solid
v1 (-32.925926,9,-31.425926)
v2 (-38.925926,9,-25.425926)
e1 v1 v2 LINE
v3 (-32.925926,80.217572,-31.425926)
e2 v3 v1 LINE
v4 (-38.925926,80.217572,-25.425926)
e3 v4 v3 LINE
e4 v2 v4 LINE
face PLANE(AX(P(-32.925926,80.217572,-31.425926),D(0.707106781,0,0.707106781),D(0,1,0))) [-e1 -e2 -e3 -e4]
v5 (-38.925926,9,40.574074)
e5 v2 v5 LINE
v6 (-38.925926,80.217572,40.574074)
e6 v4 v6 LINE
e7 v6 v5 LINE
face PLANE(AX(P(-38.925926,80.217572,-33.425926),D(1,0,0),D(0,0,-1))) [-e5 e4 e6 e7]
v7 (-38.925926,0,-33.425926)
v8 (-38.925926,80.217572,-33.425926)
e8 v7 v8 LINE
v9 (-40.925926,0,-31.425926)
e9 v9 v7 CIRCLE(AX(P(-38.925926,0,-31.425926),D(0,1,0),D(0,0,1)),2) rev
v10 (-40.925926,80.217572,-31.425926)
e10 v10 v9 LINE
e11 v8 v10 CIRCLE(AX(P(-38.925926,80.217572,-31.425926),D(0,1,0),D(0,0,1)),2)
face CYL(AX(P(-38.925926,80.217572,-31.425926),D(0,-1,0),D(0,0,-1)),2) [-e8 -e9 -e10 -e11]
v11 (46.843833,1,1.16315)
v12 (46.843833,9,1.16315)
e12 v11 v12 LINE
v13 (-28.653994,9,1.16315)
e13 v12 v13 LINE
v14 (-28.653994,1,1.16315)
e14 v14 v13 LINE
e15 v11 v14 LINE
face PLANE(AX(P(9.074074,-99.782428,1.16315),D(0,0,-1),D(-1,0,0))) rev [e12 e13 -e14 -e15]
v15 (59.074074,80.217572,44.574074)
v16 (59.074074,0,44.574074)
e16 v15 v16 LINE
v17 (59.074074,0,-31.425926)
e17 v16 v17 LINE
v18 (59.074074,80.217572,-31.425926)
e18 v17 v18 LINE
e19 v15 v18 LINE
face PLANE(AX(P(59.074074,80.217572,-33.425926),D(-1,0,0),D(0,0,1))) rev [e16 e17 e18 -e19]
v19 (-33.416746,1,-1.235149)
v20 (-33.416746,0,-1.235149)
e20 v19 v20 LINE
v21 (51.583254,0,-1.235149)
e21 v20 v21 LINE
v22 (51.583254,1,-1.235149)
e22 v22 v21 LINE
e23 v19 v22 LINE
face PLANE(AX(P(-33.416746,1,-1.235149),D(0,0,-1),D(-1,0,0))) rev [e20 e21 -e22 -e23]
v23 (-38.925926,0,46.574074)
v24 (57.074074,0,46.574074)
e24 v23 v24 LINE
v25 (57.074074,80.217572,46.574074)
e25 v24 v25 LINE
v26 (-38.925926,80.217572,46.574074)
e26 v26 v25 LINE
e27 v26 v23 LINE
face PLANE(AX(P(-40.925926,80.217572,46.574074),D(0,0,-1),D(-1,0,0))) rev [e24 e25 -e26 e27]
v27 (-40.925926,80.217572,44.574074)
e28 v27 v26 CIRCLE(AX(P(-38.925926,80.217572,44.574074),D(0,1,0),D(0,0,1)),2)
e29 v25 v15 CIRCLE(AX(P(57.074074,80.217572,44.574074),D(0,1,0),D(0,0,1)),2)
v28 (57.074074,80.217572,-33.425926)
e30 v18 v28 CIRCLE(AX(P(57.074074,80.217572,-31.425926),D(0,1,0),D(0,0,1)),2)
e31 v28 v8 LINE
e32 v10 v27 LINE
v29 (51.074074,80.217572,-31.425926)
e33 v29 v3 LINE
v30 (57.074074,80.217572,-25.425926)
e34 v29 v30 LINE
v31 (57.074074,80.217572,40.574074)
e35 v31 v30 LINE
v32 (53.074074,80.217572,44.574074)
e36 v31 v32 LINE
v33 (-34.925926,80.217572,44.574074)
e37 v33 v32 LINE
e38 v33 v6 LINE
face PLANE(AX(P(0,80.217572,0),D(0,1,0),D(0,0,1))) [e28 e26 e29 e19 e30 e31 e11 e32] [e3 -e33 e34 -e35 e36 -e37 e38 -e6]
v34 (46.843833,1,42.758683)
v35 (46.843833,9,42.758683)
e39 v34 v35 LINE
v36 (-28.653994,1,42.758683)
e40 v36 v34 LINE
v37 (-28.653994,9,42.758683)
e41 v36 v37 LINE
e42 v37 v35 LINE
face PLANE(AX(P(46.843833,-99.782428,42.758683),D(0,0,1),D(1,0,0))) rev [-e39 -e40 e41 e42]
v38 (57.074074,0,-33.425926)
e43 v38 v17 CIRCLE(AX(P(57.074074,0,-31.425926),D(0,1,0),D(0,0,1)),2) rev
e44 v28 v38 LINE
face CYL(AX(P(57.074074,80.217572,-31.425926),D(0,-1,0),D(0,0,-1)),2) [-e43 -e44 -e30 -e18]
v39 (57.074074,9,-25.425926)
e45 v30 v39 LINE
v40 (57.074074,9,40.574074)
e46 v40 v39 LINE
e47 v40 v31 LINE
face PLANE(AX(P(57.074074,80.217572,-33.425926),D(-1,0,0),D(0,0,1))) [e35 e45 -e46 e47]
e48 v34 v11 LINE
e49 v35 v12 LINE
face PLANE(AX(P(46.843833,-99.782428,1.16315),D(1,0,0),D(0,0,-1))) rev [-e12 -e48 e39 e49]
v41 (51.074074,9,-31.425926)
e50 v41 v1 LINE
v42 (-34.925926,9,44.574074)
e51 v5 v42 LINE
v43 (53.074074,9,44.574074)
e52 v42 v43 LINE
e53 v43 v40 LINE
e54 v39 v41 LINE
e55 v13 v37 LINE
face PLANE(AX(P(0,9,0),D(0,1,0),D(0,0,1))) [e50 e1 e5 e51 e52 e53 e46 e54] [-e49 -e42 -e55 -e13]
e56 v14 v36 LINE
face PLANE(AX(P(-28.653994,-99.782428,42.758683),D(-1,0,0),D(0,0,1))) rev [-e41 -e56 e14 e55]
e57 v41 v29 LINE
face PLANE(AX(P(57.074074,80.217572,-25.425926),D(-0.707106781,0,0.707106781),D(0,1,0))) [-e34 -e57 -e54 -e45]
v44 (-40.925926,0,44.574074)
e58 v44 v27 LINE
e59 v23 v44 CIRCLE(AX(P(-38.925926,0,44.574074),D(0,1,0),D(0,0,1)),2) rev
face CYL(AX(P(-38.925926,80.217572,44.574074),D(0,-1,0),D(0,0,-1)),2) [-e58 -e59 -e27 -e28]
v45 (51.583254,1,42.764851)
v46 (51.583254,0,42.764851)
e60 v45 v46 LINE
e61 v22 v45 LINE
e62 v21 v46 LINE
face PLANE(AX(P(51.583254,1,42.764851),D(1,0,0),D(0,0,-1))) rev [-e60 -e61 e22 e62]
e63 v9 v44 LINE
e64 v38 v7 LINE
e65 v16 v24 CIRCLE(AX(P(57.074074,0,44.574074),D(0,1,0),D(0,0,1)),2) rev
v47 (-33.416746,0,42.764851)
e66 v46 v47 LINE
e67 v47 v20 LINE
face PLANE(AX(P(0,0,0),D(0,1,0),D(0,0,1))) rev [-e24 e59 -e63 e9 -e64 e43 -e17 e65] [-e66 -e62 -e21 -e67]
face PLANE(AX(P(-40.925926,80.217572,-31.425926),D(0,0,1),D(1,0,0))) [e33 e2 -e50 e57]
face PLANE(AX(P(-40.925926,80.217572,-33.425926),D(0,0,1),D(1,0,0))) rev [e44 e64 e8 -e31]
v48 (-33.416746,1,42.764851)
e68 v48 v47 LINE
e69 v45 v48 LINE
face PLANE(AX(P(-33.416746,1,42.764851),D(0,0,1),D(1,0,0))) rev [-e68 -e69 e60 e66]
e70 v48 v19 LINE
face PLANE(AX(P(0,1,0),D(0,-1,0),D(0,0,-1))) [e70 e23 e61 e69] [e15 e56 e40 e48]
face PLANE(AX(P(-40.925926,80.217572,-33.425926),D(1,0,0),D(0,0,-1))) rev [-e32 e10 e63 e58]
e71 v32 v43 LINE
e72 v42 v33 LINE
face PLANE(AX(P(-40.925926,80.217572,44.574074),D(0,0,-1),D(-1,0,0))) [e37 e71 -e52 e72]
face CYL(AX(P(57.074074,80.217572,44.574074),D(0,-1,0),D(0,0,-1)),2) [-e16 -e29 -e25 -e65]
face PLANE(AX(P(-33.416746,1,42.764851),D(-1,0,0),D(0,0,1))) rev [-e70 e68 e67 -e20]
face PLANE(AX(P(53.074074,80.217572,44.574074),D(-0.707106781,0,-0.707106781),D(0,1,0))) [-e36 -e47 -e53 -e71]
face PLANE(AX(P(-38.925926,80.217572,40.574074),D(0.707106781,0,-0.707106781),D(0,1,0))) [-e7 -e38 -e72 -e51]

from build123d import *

# Parameters (mm, degrees)
SKETCH1_W                 = 100
SKETCH1_H                 = 80
BOSS_EXTRUDE1_DEPTH       = 80.217571917
SHELL1_T                  = -2
SHELL1_THICKNESS_2_FACE_W = 76
SHELL1_THICKNESS_2_FACE_H = 96
SHELL1_THICKNESS_2_DEPTH  = 7
CUT_EXTRUDE2_DEPTH        = 180
FILLET3_R                 = 2
FILLET4_R                 = 2
CHAMFER2_SIZE             = 6
CHAMFER3_SIZE             = 6
CHAMFER4_SIZE             = 4
SKETCH4_W                 = 85
SKETCH4_H                 = 44
CUT_EXTRUDE3_DEPTH        = 1


with BuildPart() as part:
    # Sketch1 → Boss-Extrude1 (new body)
    with BuildSketch(Plane(origin=(0, 0, 0), x_dir=(1, 0, 0), z_dir=(0, 1, 0))):
        with Locations((9.074074074, -6.574074074)):
            Rectangle(SKETCH1_W, SKETCH1_H)
    extrude(amount=BOSS_EXTRUDE1_DEPTH)

    # Shell1
    shell1_openings = [part.faces().sort_by_distance(p)[0] for p in [
        (9.074074074, 80.217571917, 6.574074074),
    ]]
    offset(amount=SHELL1_T, openings=shell1_openings, kind=Kind.INTERSECTION)

    # Shell1 thickness 2 face (on inner face of the shell) → Shell1 thickness 2 (add)
    with BuildSketch(Plane(origin=(9.074074074, 2, 6.574074074), x_dir=(0, 0, -1), z_dir=(0, -1, 0))):
        Rectangle(SHELL1_THICKNESS_2_FACE_W, SHELL1_THICKNESS_2_FACE_H)
    extrude(amount=-SHELL1_THICKNESS_2_DEPTH)

    # Sketch3 → Cut-Extrude2 (cut)
    with BuildSketch(Plane(origin=(0, 80.217571917, 0), x_dir=(1, 0, 0), z_dir=(0, 1, 0))):
        Polygon((9.074074074, -1.163150467), (46.843833128, -1.163150467), (46.843833128, -42.758682986), (9.074074074, -42.758682986), (-28.653994459, -42.758682986), (-28.653994459, -1.163150467), align=None)
    extrude(amount=-CUT_EXTRUDE2_DEPTH, mode=Mode.SUBTRACT)

    # Fillet3
    fillet3_edges = [part.edges().sort_by_distance(p)[0] for p in [
        (-40.925925926, 40.108785958, 46.574074074),
    ]]
    fillet(fillet3_edges, radius=FILLET3_R)

    # Fillet4
    fillet4_edges = [part.edges().sort_by_distance(p)[0] for p in [
        (-40.925925926, 40.108785958, -33.425925926),
        (59.074074074, 40.108785958, -33.425925926),
        (59.074074074, 40.108785958, 46.574074074),
    ]]
    fillet(fillet4_edges, radius=FILLET4_R)

    # Chamfer2
    chamfer2_edges = [part.edges().sort_by_distance(p)[0] for p in [
        (-38.925925926, 44.608785958, -31.425925926),
    ]]
    chamfer(chamfer2_edges, length=CHAMFER2_SIZE)

    # Chamfer3
    chamfer3_edges = [part.edges().sort_by_distance(p)[0] for p in [
        (57.074074074, 44.608785958, -31.425925926),
    ]]
    chamfer(chamfer3_edges, length=CHAMFER3_SIZE)

    # Chamfer4
    chamfer4_edges = [part.edges().sort_by_distance(p)[0] for p in [
        (-38.925925926, 44.608785958, 44.574074074),
        (57.074074074, 44.608785958, 44.574074074),
    ]]
    chamfer(chamfer4_edges, length=CHAMFER4_SIZE)

    # Sketch4 → Cut-Extrude3 (cut)
    with BuildSketch(Plane.XZ):
        with Locations((9.08325413, 20.764850692)):
            Rectangle(SKETCH4_W, SKETCH4_H)
    extrude(amount=-CUT_EXTRUDE3_DEPTH, mode=Mode.SUBTRACT)


solid = part.part
